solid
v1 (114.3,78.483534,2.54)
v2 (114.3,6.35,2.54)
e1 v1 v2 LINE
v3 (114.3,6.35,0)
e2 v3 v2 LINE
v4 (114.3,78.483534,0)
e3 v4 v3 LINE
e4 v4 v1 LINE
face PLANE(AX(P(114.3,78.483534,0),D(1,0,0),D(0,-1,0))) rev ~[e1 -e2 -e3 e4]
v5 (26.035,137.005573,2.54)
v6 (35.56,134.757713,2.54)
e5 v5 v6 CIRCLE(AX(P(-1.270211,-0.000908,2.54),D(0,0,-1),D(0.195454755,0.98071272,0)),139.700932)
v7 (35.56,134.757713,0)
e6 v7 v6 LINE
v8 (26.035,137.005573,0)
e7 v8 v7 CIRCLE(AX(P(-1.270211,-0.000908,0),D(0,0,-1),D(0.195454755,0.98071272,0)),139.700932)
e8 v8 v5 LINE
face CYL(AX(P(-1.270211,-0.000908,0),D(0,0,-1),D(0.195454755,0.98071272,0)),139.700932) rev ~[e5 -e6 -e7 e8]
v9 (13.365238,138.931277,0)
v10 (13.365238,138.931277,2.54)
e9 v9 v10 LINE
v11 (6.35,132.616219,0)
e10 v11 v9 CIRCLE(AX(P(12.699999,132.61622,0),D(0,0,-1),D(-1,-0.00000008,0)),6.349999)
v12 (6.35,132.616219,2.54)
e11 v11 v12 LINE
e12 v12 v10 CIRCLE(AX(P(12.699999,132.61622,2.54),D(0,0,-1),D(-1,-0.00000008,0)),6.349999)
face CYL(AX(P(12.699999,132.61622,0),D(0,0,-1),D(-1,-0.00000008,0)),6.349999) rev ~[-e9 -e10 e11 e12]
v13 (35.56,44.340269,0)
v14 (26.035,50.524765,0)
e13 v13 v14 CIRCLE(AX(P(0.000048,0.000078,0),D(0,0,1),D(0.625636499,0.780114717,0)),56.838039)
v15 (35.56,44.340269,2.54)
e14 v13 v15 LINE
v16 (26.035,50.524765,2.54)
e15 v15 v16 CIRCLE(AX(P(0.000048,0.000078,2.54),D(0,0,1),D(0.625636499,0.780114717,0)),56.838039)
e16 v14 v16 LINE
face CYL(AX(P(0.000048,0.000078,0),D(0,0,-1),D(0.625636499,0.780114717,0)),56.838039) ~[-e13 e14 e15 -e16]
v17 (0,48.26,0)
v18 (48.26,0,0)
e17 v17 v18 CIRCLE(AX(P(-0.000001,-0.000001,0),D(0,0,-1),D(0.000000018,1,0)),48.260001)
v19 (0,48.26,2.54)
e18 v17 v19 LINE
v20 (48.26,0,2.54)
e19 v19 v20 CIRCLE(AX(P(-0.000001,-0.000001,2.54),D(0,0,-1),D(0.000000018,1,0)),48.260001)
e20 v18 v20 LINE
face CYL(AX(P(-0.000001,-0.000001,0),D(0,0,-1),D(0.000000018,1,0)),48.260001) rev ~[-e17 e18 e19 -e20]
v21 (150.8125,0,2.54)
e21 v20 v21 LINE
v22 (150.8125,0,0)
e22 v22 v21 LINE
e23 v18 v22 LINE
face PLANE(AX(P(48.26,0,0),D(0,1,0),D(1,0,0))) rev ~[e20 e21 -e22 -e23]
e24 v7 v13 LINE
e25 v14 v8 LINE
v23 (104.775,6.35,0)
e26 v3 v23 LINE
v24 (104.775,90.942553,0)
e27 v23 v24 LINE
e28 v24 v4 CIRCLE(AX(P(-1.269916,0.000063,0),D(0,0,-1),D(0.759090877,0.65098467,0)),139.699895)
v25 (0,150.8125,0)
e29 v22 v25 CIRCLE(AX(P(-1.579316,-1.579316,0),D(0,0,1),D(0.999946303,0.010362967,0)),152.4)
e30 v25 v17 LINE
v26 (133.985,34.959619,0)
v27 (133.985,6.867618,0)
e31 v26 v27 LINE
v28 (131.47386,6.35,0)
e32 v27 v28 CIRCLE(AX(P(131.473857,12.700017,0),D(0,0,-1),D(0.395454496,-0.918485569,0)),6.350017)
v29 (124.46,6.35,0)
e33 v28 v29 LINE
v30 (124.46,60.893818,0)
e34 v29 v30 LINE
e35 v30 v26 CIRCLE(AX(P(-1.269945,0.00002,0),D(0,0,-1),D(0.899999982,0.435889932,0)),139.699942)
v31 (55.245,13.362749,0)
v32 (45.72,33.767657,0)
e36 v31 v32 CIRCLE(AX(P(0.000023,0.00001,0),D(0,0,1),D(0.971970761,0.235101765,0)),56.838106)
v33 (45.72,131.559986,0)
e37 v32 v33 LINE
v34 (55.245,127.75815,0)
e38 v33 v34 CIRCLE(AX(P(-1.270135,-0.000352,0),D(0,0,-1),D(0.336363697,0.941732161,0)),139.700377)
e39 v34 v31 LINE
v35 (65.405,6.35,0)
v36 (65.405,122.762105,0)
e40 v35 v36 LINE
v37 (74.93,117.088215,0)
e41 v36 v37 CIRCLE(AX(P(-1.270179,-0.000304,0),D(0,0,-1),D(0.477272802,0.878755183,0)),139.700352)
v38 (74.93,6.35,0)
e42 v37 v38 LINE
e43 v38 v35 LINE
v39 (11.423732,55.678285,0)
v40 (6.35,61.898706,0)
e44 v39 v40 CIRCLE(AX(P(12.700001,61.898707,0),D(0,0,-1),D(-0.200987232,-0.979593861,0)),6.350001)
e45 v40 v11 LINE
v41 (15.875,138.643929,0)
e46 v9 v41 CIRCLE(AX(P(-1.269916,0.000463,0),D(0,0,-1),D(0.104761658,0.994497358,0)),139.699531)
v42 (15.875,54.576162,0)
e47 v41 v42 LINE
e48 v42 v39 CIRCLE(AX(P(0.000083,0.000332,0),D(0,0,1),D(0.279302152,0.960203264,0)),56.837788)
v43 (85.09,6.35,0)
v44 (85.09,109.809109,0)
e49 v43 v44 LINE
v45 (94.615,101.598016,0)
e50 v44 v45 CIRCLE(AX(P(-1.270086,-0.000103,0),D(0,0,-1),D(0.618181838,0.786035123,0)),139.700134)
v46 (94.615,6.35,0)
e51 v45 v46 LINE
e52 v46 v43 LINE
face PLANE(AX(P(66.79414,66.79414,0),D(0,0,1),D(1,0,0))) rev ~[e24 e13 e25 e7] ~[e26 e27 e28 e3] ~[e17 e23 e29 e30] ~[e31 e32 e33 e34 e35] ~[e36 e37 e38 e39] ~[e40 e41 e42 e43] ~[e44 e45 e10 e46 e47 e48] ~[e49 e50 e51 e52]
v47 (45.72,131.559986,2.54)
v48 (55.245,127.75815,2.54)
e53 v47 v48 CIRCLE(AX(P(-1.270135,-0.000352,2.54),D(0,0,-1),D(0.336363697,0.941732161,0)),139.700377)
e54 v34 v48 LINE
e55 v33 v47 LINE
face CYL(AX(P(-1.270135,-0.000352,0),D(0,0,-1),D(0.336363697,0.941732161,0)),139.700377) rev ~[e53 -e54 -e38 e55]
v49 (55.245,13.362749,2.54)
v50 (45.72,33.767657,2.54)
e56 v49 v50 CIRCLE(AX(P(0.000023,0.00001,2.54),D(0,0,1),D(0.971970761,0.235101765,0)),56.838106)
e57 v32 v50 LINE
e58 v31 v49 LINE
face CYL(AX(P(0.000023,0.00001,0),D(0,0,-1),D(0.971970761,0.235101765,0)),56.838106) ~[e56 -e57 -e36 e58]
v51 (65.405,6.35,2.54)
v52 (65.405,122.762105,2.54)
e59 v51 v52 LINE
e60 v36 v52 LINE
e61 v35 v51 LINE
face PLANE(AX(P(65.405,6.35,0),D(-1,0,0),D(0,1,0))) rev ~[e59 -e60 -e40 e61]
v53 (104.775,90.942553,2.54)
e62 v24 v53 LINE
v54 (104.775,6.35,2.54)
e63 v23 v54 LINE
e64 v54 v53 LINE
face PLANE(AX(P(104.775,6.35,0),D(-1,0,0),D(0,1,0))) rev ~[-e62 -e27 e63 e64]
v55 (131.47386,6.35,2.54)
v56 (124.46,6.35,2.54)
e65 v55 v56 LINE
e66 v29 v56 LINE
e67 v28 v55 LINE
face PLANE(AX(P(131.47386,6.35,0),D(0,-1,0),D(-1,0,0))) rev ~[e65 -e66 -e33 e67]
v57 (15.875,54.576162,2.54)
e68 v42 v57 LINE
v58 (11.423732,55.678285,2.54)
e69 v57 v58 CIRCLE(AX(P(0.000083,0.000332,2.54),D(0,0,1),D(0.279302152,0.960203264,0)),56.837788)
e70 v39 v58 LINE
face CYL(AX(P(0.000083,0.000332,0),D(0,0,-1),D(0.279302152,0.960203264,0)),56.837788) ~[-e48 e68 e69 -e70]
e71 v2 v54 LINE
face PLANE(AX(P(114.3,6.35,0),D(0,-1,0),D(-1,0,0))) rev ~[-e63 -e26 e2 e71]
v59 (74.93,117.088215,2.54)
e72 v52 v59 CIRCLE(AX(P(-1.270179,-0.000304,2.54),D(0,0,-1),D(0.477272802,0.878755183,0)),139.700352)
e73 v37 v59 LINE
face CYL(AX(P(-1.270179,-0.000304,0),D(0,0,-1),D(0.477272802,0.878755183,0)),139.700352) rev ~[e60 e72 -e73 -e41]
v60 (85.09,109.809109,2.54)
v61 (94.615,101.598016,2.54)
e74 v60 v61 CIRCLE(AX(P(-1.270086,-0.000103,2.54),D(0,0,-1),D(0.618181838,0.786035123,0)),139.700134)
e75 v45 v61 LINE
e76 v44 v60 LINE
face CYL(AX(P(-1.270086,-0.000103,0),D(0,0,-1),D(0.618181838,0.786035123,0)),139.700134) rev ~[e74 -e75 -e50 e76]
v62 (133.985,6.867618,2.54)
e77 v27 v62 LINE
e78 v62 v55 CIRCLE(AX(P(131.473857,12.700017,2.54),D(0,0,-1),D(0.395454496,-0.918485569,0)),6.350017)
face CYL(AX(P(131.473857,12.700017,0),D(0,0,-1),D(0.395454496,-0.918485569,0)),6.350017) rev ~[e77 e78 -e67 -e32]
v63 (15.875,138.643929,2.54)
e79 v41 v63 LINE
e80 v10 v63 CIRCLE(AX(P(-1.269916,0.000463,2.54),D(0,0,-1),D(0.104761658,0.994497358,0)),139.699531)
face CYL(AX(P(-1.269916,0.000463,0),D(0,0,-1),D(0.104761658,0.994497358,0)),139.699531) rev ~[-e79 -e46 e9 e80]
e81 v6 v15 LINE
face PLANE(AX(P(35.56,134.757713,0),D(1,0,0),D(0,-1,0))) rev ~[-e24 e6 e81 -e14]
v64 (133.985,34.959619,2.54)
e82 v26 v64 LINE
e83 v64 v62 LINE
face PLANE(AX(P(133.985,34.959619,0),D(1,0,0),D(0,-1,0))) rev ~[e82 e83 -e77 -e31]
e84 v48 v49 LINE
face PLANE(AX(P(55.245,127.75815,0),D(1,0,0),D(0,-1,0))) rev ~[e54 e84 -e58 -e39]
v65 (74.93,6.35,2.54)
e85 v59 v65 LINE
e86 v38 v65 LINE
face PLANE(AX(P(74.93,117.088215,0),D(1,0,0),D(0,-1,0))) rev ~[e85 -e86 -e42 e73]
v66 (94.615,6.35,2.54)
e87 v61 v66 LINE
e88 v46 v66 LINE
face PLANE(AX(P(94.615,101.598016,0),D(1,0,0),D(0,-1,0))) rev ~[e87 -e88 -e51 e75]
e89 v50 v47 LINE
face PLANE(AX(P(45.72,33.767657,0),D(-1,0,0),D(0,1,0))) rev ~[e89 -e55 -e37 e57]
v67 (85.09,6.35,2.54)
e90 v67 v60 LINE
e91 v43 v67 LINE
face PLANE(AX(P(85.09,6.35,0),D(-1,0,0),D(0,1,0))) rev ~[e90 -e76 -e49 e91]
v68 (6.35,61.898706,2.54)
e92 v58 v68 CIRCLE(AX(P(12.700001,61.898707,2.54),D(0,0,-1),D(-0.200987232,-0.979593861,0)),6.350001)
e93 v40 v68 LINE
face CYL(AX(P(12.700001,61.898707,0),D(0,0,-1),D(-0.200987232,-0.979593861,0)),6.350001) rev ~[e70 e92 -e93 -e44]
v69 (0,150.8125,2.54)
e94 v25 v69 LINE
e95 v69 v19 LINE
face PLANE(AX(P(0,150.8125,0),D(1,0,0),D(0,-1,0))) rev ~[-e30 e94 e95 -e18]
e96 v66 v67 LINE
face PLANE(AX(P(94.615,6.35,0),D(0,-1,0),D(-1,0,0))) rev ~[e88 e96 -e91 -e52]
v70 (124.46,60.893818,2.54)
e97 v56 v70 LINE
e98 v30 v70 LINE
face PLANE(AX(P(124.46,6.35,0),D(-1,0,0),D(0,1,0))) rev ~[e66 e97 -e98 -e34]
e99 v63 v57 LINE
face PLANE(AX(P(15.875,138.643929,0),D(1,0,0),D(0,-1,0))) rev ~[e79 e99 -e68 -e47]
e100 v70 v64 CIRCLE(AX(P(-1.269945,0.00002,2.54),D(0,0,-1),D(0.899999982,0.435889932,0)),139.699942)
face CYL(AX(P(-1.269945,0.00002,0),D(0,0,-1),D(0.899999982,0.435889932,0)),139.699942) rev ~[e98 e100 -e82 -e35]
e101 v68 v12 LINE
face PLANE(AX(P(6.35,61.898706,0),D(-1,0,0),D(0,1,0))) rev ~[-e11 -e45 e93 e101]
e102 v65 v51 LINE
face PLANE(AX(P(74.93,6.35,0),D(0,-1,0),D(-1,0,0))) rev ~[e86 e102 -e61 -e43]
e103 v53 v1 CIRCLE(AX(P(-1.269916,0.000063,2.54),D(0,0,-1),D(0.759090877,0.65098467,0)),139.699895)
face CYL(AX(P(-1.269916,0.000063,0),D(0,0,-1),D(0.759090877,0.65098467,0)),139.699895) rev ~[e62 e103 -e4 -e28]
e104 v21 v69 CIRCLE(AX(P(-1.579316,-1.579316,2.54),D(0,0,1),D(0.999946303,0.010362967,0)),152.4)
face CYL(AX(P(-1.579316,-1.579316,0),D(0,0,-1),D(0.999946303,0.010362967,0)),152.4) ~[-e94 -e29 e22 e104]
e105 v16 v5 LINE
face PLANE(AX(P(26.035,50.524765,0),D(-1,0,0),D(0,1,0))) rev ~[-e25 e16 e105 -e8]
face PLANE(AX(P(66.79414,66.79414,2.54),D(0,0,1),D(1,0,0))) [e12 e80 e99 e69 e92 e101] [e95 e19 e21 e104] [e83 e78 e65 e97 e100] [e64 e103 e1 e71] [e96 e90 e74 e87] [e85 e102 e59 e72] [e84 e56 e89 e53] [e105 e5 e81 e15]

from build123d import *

# Parameters (mm, degrees)
F1_DEPTH = 2.54


with BuildPart() as f1:
    # F0 (on Top) → F1 (new body)
    with BuildSketch(Plane.XY):
        with BuildLine():
            ThreePointArc((0, 48.26), (34.124973, 34.124973), (48.26, 0))
            Line((48.26, 0), (150.8125, 0))
            ThreePointArc((150.8125, 0), (106.183757, 106.183757), (0, 150.8125))
            Line((0, 150.8125), (0, 48.26))
        make_face()
        with BuildLine():
            Line((55.245, 127.75815), (55.245, 13.362749))
            ThreePointArc((55.245, 13.362749), (51.503135, 24.041635), (45.72, 33.767657))
            Line((45.72, 33.767657), (45.72, 131.559986))
            ThreePointArc((45.72, 131.559986), (50.517399, 129.746504), (55.245, 127.75815))
        make_face(mode=Mode.SUBTRACT)
        with BuildLine():
            Line((74.93, 6.35), (65.405, 6.35))
            Line((65.405, 6.35), (65.405, 122.762105))
            ThreePointArc((65.405, 122.762105), (70.223809, 120.019687), (74.93, 117.088215))
            Line((74.93, 117.088215), (74.93, 6.35))
        make_face(mode=Mode.SUBTRACT)
        with BuildLine():
            ThreePointArc((124.46, 60.893818), (129.865191, 48.162763), (133.985, 34.959619))
            Line((133.985, 34.959619), (133.985, 6.867618))
            ThreePointArc((133.985, 6.867618), (132.755827, 6.480751), (131.47386, 6.35))
            Line((131.47386, 6.35), (124.46, 6.35))
            Line((124.46, 6.35), (124.46, 60.893818))
        make_face(mode=Mode.SUBTRACT)
        with BuildLine():
            Line((104.775, 6.35), (104.775, 90.942553))
            ThreePointArc((104.775, 90.942553), (109.712471, 84.84681), (114.3, 78.483534))
            Line((114.3, 78.483534), (114.3, 6.35))
            Line((114.3, 6.35), (104.775, 6.35))
        make_face(mode=Mode.SUBTRACT)
        with BuildLine():
            Line((94.615, 6.35), (85.09, 6.35))
            Line((85.09, 6.35), (85.09, 109.809109))
            ThreePointArc((85.09, 109.809109), (89.944941, 105.810796), (94.615, 101.598016))
            Line((94.615, 101.598016), (94.615, 6.35))
        make_face(mode=Mode.SUBTRACT)
        with BuildLine():
            ThreePointArc((35.56, 44.340269), (30.952351, 47.671009), (26.035, 50.524765))
            Line((26.035, 50.524765), (26.035, 137.005573))
            ThreePointArc((26.035, 137.005573), (30.81719, 135.965077), (35.56, 134.757713))
            Line((35.56, 134.757713), (35.56, 44.340269))
        make_face(mode=Mode.SUBTRACT)
        with BuildLine():
            ThreePointArc((11.423732, 55.678285), (7.779289, 57.885092), (6.35, 61.898706))
            Line((6.35, 61.898706), (6.35, 132.616219))
            ThreePointArc((6.35, 132.616219), (8.451575, 137.335688), (13.365238, 138.931277))
            ThreePointArc((13.365238, 138.931277), (14.620769, 138.793276), (15.875, 138.643929))
            Line((15.875, 138.643929), (15.875, 54.576162))
            ThreePointArc((15.875, 54.576162), (13.660485, 55.172133), (11.423732, 55.678285))
        make_face(mode=Mode.SUBTRACT)
    extrude(amount=F1_DEPTH)


solid = f1.part
